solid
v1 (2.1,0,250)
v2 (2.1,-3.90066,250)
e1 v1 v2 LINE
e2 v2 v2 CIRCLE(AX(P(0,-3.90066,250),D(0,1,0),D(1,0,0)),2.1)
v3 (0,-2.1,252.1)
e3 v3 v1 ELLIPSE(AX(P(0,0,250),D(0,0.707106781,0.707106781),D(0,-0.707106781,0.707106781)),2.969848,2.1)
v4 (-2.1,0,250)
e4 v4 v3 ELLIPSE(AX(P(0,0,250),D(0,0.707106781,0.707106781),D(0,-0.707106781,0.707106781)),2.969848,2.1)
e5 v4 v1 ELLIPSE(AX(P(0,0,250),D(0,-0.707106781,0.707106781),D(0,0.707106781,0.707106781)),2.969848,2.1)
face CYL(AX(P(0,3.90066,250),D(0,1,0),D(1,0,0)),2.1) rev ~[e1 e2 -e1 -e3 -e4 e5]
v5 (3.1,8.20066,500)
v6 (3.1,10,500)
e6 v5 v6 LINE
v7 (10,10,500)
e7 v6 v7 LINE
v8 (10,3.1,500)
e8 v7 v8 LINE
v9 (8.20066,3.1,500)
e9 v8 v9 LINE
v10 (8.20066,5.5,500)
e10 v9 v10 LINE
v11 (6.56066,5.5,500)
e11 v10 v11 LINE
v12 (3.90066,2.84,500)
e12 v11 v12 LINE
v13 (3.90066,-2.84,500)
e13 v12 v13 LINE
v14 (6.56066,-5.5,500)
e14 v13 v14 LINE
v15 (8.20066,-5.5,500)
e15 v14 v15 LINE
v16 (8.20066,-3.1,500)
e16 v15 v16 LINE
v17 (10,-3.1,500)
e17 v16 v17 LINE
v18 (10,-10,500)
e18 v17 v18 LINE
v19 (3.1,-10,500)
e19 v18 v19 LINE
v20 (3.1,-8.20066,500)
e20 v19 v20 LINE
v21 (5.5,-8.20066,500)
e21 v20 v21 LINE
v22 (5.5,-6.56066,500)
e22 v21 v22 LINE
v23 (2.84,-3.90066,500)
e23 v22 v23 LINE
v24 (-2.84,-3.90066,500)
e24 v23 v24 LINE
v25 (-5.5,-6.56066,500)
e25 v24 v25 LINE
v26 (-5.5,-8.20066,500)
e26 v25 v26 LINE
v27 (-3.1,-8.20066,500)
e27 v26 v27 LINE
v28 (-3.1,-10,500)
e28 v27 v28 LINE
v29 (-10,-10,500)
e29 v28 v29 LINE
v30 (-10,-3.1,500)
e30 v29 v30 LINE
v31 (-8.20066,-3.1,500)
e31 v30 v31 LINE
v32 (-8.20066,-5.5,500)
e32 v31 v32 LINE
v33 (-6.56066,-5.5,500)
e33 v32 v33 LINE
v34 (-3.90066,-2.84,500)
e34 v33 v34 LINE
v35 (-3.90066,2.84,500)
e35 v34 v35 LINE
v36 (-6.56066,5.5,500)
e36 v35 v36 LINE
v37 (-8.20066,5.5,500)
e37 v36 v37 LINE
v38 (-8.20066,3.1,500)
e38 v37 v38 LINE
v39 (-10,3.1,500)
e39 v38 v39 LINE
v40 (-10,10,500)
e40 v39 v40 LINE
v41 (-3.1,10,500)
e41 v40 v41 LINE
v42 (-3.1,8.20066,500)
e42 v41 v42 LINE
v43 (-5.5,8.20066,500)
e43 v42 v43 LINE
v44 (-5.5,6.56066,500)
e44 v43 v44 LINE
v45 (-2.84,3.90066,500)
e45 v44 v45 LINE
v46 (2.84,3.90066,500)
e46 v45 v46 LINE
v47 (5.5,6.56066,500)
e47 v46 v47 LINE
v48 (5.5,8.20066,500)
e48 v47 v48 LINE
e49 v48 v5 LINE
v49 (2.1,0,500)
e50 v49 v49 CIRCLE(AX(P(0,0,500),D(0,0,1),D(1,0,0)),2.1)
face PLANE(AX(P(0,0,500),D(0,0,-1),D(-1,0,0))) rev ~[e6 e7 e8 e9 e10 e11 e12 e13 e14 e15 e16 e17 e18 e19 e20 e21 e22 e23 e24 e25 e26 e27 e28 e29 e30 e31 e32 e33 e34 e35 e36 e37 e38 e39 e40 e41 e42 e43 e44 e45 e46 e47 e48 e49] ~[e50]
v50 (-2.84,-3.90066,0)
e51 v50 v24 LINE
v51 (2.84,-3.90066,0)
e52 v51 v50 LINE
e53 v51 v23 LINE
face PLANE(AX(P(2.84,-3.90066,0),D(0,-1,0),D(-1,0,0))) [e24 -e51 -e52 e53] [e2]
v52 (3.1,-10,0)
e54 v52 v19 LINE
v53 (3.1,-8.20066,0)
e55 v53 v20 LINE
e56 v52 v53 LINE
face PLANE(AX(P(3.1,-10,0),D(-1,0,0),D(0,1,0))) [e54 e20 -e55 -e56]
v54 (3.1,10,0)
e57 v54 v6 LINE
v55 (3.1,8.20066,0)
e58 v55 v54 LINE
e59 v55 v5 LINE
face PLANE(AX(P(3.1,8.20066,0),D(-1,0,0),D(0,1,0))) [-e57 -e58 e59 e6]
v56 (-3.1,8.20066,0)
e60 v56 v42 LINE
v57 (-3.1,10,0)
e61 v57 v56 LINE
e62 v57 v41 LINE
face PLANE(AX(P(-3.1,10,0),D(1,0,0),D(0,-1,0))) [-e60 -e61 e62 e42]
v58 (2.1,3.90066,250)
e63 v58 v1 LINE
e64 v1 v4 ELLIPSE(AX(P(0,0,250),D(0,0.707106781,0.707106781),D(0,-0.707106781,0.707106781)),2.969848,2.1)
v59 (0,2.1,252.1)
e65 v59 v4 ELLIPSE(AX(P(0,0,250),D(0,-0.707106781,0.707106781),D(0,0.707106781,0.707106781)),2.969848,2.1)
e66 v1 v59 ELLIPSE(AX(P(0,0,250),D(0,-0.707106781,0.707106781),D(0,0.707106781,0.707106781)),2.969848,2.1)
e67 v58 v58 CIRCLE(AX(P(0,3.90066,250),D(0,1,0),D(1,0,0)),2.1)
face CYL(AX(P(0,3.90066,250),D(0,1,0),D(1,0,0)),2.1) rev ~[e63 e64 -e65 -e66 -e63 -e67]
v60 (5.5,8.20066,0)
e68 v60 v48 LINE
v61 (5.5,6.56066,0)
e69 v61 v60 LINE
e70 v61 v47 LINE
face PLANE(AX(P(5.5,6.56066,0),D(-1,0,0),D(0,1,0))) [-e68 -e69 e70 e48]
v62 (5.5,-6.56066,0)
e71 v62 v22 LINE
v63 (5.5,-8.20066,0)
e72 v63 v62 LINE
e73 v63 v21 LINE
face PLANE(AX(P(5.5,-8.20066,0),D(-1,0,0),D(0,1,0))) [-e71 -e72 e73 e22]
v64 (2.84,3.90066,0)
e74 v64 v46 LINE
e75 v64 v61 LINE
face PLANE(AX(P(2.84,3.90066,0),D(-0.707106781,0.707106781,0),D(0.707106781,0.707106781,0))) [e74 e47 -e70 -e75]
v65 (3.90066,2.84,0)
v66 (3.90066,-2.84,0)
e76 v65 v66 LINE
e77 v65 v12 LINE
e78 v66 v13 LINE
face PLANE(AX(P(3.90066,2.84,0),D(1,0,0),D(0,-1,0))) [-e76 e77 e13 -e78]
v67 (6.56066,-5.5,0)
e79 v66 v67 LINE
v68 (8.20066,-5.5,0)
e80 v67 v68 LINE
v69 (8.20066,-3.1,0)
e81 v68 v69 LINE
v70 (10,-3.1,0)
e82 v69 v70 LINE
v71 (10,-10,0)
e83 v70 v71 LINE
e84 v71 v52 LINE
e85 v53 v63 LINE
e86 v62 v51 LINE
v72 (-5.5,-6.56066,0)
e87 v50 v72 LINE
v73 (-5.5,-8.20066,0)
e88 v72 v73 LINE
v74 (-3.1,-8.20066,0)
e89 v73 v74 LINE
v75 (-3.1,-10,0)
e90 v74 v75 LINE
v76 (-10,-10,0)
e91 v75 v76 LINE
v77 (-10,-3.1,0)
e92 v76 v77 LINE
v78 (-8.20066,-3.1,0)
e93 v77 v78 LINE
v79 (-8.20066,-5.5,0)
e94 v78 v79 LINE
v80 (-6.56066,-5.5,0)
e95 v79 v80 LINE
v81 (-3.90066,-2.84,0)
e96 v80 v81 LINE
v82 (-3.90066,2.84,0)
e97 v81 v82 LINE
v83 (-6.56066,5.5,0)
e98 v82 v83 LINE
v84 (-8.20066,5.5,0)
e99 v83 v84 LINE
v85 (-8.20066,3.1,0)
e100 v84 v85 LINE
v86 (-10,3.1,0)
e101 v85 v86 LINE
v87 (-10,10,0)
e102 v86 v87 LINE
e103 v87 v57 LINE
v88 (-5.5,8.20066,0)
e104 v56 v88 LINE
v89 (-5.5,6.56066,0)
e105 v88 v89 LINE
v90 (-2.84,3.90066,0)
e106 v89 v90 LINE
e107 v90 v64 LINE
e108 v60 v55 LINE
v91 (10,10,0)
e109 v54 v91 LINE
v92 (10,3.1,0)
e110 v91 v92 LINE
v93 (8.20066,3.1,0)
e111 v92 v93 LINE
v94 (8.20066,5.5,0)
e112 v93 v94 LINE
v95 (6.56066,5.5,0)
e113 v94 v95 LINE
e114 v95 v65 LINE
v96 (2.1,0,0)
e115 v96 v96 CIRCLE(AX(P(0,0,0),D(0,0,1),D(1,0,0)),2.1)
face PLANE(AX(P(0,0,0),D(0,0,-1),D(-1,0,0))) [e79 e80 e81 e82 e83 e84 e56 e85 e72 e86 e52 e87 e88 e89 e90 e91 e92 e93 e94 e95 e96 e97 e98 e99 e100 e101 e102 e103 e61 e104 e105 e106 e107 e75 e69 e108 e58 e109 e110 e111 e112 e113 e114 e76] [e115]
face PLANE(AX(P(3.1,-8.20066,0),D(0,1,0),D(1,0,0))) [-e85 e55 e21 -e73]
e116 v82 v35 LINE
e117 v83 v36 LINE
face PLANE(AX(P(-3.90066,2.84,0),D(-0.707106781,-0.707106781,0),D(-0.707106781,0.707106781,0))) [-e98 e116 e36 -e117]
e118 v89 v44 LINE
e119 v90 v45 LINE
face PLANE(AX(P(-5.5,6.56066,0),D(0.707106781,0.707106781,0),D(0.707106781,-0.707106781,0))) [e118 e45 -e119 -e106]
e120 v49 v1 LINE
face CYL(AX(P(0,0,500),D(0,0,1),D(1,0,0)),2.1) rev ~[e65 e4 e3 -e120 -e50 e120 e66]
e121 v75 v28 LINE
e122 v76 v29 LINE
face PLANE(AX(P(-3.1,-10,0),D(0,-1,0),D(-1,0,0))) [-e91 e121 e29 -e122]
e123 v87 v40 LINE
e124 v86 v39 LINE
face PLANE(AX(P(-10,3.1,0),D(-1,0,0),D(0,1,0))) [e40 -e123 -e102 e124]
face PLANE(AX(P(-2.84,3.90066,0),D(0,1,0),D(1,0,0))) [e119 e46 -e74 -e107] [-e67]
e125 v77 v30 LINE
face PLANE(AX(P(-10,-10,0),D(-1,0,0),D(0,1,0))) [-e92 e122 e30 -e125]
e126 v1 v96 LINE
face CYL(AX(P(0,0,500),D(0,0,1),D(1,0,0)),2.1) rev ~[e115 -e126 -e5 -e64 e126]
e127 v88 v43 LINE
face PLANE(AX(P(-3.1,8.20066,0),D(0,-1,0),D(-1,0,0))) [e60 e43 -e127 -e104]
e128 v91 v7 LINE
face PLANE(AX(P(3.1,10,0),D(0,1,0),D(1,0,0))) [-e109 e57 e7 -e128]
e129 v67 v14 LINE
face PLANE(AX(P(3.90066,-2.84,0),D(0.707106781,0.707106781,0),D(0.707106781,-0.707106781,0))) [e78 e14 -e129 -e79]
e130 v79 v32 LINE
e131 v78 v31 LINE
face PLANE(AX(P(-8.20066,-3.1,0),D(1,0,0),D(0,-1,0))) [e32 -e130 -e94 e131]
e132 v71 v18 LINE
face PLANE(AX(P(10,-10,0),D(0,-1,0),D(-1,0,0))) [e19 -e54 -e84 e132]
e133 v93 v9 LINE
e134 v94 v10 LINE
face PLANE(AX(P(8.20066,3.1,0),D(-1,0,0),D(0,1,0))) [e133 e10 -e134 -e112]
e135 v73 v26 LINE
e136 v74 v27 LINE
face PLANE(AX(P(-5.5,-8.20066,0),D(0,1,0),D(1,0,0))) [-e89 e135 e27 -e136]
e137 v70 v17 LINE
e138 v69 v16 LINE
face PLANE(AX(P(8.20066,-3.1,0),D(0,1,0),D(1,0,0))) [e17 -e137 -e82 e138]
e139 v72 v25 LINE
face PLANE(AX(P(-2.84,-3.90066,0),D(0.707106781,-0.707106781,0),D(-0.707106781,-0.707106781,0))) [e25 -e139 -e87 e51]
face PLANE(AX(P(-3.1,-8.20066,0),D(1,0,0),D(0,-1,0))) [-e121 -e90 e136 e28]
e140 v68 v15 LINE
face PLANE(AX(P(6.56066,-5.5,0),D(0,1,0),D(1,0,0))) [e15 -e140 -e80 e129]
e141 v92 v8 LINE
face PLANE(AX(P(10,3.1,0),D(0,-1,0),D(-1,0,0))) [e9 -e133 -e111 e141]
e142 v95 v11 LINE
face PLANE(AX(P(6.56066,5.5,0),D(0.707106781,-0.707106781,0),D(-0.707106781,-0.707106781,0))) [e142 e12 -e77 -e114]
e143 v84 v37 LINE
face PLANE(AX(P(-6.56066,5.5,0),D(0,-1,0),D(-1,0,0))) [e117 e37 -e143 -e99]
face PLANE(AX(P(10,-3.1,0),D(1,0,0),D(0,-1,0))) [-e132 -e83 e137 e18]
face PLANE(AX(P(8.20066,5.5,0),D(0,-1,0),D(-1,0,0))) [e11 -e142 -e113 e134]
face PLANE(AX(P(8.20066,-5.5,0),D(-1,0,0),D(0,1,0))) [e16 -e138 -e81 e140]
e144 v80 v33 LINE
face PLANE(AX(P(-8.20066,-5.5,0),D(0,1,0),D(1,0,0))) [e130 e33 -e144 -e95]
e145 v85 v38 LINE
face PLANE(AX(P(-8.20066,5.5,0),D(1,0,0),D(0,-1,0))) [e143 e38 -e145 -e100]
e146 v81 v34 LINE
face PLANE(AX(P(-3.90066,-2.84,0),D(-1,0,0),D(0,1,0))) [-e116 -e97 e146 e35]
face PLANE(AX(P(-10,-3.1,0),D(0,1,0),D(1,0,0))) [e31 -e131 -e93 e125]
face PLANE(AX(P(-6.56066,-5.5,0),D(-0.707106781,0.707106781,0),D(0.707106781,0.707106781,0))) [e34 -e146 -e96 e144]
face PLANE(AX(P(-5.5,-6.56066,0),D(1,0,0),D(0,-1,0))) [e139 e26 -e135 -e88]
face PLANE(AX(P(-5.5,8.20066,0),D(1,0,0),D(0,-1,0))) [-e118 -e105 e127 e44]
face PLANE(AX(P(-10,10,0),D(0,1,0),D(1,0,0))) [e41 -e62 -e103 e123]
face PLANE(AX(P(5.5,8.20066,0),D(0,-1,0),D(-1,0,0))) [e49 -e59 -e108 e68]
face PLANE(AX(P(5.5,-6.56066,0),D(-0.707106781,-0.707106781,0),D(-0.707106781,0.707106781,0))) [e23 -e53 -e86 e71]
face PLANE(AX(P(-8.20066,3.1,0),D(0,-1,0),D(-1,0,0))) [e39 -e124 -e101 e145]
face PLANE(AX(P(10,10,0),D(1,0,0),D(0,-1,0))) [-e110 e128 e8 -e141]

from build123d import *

# Parameters (mm, degrees)
BOSS_EXTRUDE1_DEPTH = 500
SKETCH2_R           = 2.1
CUT_EXTRUDE1_DEPTH  = 501
SKETCH3_R           = 2.1
CUT_EXTRUDE2_DEPTH  = 14.900660172


with BuildPart() as part:
    # Sketch1 → Boss-Extrude1 (new body)
    with BuildSketch(Plane.XY):
        Polygon((-3.1, 10), (-3.1, 8.200660172), (-5.5, 8.200660172), (-5.5, 6.560660172), (-2.84, 3.900660172), (2.84, 3.900660172), (5.5, 6.560660172), (5.5, 8.200660172), (3.1, 8.200660172), (3.1, 10), (10, 10), (10, 3.1), (8.200660172, 3.1), (8.200660172, 5.5), (6.560660172, 5.5), (3.900660172, 2.84), (3.900660172, -2.84), (6.560660172, -5.5), (8.200660172, -5.5), (8.200660172, -3.1), (10, -3.1), (10, -10), (3.1, -10), (3.1, -8.200660172), (5.5, -8.200660172), (5.5, -6.560660172), (2.84, -3.900660172), (-2.84, -3.900660172), (-5.5, -6.560660172), (-5.5, -8.200660172), (-3.1, -8.200660172), (-3.1, -10), (-10, -10), (-10, -3.1), (-8.200660172, -3.1), (-8.200660172, -5.5), (-6.560660172, -5.5), (-3.900660172, -2.84), (-3.900660172, 2.84), (-6.560660172, 5.5), (-8.200660172, 5.5), (-8.200660172, 3.1), (-10, 3.1), (-10, 10), align=None)
    extrude(amount=BOSS_EXTRUDE1_DEPTH)

    # Sketch2 → Cut-Extrude1 (cut, through all)
    with BuildSketch(Plane.XY.offset(500)):
        Circle(SKETCH2_R)
    extrude(amount=-CUT_EXTRUDE1_DEPTH, mode=Mode.SUBTRACT)

    # Sketch3 → Cut-Extrude2 (cut, through all)
    with BuildSketch(Plane(origin=(0, 3.900660172, 0), x_dir=(1, 0, 0), z_dir=(0, 1, 0))):
        with Locations((0, -250)):
            Circle(SKETCH3_R)
    extrude(amount=-CUT_EXTRUDE2_DEPTH, mode=Mode.SUBTRACT)


solid = part.part
